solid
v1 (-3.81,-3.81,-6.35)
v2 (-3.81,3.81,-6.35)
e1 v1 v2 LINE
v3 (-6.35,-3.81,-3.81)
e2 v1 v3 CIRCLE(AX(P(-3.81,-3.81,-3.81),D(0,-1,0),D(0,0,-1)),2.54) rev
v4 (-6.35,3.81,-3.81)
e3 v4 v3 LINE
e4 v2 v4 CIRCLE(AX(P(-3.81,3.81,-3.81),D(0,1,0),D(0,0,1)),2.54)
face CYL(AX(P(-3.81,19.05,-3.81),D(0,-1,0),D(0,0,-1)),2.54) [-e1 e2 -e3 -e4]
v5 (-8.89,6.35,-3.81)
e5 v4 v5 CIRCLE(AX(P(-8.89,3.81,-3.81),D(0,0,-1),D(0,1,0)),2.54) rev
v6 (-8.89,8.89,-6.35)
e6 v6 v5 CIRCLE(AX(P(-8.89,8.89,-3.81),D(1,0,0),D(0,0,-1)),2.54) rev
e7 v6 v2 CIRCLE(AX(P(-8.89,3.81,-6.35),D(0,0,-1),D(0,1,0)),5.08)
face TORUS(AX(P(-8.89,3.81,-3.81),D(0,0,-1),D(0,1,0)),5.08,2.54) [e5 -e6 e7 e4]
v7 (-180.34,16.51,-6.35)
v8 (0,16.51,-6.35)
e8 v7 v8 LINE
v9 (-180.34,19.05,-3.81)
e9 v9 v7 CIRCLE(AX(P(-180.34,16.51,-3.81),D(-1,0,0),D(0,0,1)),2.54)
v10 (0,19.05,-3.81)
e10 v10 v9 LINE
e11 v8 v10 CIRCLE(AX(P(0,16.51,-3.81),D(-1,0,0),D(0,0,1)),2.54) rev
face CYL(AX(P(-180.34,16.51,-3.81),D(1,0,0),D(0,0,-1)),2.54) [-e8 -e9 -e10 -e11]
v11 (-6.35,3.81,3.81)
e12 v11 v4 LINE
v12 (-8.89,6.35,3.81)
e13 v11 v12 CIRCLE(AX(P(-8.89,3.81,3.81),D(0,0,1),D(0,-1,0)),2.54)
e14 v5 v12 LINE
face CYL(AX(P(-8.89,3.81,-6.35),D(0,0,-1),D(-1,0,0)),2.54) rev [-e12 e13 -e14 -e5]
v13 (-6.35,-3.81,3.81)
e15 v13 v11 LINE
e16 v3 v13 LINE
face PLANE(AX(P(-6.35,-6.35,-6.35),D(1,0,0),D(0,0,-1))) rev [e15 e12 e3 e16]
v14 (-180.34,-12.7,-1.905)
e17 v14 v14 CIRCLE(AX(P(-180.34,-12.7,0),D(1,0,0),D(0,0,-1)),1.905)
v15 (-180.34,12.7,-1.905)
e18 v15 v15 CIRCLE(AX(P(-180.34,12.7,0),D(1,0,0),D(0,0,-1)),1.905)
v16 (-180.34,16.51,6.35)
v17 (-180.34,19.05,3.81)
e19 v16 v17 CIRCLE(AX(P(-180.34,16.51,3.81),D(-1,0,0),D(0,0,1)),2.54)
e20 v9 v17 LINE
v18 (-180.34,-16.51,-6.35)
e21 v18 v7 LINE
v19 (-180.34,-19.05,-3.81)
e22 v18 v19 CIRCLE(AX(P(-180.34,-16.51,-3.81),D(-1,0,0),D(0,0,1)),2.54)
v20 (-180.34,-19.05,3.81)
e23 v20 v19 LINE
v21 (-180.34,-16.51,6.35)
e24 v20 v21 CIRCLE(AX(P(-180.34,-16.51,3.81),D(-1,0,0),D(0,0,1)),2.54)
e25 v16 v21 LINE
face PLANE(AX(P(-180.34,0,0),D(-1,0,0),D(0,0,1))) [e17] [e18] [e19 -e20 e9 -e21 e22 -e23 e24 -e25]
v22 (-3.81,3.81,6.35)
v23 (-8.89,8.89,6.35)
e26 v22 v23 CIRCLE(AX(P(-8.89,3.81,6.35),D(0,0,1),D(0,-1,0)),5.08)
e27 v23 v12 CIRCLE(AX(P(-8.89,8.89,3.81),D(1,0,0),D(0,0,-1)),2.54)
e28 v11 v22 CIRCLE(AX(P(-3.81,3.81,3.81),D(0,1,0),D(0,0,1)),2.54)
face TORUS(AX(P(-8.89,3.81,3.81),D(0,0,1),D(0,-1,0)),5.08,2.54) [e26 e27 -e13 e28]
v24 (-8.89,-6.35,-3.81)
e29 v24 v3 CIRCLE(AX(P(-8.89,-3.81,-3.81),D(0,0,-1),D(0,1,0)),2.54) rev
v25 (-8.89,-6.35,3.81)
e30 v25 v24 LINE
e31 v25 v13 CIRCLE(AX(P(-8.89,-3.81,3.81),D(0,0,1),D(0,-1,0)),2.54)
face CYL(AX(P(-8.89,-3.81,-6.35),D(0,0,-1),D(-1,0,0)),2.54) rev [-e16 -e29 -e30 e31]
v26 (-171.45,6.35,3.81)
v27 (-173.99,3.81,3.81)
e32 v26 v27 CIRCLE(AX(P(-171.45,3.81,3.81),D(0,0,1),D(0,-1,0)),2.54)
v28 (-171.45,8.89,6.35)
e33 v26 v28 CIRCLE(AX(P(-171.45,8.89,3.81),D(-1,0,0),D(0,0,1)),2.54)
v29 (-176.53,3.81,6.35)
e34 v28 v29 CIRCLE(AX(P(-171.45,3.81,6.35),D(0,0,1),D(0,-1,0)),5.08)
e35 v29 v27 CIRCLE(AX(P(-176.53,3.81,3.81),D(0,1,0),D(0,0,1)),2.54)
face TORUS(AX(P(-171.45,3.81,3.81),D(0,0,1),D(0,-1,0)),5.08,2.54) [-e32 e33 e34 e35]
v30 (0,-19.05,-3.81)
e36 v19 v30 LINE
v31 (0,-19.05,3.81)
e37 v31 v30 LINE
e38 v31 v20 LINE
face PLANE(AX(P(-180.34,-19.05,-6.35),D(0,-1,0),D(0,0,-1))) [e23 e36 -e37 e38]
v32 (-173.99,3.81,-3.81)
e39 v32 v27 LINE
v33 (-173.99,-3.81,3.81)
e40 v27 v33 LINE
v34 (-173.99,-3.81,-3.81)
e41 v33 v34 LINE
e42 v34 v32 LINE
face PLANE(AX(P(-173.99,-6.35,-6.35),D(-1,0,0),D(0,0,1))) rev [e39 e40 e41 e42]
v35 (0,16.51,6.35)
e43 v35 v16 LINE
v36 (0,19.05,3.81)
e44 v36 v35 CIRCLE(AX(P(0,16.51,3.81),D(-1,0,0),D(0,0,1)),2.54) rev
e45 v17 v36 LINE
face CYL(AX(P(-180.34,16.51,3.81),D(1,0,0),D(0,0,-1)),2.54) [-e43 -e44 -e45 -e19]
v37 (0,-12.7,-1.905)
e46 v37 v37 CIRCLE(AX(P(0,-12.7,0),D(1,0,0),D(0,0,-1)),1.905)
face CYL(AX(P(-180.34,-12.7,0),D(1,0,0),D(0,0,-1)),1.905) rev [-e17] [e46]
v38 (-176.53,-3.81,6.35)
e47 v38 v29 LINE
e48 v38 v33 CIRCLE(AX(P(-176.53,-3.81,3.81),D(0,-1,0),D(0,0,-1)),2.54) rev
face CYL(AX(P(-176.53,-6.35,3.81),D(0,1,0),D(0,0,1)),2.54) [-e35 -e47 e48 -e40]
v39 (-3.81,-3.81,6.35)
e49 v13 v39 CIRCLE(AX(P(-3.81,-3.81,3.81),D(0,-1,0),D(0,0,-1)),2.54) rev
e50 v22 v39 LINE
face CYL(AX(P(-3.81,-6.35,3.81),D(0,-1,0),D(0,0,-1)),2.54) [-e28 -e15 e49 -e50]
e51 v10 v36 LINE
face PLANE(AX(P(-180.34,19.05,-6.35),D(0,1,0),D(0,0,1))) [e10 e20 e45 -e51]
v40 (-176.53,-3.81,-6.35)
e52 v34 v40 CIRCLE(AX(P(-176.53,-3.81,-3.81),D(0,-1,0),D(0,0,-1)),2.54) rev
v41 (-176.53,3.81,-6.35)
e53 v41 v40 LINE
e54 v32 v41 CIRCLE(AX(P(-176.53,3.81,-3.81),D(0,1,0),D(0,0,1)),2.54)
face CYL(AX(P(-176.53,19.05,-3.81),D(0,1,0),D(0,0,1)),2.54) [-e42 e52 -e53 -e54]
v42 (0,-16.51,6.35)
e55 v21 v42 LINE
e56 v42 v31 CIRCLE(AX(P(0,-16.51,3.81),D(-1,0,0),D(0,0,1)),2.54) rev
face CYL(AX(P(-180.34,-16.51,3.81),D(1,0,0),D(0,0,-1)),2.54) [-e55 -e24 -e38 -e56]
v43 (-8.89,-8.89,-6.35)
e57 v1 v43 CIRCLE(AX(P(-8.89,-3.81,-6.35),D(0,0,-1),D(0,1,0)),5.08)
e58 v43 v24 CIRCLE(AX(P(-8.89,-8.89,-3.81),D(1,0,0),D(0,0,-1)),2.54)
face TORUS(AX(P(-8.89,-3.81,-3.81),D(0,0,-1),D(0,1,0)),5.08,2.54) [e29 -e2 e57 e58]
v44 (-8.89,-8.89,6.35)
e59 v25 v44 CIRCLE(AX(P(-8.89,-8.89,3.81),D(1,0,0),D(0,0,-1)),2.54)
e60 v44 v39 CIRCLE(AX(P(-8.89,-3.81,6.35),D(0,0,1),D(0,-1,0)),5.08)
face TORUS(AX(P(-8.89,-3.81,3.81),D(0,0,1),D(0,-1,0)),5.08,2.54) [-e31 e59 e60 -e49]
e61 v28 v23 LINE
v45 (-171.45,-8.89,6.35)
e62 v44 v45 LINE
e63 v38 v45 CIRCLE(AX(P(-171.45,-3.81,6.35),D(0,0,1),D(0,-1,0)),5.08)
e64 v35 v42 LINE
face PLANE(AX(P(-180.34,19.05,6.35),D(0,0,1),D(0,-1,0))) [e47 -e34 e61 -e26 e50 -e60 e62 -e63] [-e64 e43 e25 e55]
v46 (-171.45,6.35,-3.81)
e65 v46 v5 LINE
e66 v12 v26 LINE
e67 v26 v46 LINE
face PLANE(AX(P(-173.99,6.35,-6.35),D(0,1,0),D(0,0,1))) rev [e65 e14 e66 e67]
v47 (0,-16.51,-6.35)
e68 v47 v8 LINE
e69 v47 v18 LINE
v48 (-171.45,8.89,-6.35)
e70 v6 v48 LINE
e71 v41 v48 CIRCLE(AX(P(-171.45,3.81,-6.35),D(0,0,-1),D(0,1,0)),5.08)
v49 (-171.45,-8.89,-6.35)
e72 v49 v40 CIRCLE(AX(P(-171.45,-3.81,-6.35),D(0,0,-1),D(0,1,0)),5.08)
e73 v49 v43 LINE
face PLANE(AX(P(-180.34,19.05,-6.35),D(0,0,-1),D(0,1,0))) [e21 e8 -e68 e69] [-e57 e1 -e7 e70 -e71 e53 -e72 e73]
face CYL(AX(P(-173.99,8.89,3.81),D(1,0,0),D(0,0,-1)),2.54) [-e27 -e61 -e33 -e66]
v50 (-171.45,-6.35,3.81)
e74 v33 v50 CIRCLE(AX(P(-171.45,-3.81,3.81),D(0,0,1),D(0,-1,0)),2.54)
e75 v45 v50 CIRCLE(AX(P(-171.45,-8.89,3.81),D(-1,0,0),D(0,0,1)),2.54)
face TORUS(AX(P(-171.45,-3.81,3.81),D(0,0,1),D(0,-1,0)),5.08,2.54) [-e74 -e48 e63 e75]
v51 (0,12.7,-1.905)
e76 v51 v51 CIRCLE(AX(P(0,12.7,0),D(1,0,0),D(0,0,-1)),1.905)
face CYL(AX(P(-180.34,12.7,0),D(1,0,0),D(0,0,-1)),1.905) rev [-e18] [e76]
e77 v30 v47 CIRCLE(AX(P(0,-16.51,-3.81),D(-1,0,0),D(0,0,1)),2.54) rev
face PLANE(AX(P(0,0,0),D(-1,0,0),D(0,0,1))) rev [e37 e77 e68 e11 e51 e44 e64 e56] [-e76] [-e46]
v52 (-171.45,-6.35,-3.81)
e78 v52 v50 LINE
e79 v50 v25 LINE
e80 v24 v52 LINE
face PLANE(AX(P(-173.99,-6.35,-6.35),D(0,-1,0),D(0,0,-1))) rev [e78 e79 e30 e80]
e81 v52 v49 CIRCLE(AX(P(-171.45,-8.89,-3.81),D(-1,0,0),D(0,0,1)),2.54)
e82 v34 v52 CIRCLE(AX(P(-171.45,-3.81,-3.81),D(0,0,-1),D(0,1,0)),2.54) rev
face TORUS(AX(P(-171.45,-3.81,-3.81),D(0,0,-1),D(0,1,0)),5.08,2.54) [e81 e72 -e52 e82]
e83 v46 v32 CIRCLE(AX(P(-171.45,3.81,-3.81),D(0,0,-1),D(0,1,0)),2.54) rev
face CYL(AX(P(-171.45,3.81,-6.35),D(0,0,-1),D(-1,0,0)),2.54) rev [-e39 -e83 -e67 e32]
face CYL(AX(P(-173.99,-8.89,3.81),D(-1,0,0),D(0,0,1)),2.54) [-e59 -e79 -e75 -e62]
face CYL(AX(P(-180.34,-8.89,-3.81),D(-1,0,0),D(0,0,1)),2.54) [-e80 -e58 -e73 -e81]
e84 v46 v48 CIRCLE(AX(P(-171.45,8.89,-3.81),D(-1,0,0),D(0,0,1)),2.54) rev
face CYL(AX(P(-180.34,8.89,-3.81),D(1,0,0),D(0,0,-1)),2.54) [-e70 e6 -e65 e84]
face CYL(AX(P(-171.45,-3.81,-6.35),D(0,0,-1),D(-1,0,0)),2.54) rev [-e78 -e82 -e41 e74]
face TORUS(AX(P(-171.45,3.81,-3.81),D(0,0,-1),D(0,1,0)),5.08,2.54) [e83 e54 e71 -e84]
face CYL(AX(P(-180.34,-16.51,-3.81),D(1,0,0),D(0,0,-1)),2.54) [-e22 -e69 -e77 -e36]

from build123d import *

# Parameters (mm, degrees)
SKETCH1_W           = 12.7
SKETCH1_H           = 38.1
SKETCH1_R           = 1.905
BOSS_EXTRUDE1_DEPTH = 180.34
SKETCH3_W           = 167.64
SKETCH3_H           = 12.7
CUT_EXTRUDE1_DEPTH  = 182.787535601
FILLET1_R           = 2.54


with BuildPart() as part:
    # Sketch1 → Boss-Extrude1 (new body)
    with BuildSketch(Plane(origin=(0, 0, 0), x_dir=(0, 0, -1), z_dir=(1, 0, 0))):
        Rectangle(SKETCH1_W, SKETCH1_H)
        with Locations((0, -12.7)):
            Circle(SKETCH1_R, mode=Mode.SUBTRACT)
        with Locations((0, 12.7)):
            Circle(SKETCH1_R, mode=Mode.SUBTRACT)
    extrude(amount=-BOSS_EXTRUDE1_DEPTH)

    # Sketch3 → Cut-Extrude1 (cut, through all)
    with BuildSketch(Plane.XY.offset(6.35)):
        with Locations((-90.17, 0)):
            Rectangle(SKETCH3_W, SKETCH3_H)
    extrude(amount=-CUT_EXTRUDE1_DEPTH, mode=Mode.SUBTRACT)

    # Fillet1
    fillet1_edges = [part.edges().sort_by_distance(p)[0] for p in [
        (-6.35, 0, -6.35),
        (-6.35, 6.35, 0),
        (-90.17, -6.35, -6.35),
        (-6.35, -6.35, 0),
        (-173.99, 0, -6.35),
        (-173.99, -6.35, 0),
        (-90.17, 6.35, -6.35),
        (-173.99, 6.35, 0),
        (-6.35, 0, 6.35),
        (-90.17, 6.35, 6.35),
        (-173.99, 0, 6.35),
        (-90.17, -6.35, 6.35),
        (-90.17, 19.05, 6.35),
        (-90.17, 19.05, -6.35),
        (-90.17, -19.05, -6.35),
        (-90.17, -19.05, 6.35),
    ]]
    fillet(fillet1_edges, radius=FILLET1_R)


solid = part.part
